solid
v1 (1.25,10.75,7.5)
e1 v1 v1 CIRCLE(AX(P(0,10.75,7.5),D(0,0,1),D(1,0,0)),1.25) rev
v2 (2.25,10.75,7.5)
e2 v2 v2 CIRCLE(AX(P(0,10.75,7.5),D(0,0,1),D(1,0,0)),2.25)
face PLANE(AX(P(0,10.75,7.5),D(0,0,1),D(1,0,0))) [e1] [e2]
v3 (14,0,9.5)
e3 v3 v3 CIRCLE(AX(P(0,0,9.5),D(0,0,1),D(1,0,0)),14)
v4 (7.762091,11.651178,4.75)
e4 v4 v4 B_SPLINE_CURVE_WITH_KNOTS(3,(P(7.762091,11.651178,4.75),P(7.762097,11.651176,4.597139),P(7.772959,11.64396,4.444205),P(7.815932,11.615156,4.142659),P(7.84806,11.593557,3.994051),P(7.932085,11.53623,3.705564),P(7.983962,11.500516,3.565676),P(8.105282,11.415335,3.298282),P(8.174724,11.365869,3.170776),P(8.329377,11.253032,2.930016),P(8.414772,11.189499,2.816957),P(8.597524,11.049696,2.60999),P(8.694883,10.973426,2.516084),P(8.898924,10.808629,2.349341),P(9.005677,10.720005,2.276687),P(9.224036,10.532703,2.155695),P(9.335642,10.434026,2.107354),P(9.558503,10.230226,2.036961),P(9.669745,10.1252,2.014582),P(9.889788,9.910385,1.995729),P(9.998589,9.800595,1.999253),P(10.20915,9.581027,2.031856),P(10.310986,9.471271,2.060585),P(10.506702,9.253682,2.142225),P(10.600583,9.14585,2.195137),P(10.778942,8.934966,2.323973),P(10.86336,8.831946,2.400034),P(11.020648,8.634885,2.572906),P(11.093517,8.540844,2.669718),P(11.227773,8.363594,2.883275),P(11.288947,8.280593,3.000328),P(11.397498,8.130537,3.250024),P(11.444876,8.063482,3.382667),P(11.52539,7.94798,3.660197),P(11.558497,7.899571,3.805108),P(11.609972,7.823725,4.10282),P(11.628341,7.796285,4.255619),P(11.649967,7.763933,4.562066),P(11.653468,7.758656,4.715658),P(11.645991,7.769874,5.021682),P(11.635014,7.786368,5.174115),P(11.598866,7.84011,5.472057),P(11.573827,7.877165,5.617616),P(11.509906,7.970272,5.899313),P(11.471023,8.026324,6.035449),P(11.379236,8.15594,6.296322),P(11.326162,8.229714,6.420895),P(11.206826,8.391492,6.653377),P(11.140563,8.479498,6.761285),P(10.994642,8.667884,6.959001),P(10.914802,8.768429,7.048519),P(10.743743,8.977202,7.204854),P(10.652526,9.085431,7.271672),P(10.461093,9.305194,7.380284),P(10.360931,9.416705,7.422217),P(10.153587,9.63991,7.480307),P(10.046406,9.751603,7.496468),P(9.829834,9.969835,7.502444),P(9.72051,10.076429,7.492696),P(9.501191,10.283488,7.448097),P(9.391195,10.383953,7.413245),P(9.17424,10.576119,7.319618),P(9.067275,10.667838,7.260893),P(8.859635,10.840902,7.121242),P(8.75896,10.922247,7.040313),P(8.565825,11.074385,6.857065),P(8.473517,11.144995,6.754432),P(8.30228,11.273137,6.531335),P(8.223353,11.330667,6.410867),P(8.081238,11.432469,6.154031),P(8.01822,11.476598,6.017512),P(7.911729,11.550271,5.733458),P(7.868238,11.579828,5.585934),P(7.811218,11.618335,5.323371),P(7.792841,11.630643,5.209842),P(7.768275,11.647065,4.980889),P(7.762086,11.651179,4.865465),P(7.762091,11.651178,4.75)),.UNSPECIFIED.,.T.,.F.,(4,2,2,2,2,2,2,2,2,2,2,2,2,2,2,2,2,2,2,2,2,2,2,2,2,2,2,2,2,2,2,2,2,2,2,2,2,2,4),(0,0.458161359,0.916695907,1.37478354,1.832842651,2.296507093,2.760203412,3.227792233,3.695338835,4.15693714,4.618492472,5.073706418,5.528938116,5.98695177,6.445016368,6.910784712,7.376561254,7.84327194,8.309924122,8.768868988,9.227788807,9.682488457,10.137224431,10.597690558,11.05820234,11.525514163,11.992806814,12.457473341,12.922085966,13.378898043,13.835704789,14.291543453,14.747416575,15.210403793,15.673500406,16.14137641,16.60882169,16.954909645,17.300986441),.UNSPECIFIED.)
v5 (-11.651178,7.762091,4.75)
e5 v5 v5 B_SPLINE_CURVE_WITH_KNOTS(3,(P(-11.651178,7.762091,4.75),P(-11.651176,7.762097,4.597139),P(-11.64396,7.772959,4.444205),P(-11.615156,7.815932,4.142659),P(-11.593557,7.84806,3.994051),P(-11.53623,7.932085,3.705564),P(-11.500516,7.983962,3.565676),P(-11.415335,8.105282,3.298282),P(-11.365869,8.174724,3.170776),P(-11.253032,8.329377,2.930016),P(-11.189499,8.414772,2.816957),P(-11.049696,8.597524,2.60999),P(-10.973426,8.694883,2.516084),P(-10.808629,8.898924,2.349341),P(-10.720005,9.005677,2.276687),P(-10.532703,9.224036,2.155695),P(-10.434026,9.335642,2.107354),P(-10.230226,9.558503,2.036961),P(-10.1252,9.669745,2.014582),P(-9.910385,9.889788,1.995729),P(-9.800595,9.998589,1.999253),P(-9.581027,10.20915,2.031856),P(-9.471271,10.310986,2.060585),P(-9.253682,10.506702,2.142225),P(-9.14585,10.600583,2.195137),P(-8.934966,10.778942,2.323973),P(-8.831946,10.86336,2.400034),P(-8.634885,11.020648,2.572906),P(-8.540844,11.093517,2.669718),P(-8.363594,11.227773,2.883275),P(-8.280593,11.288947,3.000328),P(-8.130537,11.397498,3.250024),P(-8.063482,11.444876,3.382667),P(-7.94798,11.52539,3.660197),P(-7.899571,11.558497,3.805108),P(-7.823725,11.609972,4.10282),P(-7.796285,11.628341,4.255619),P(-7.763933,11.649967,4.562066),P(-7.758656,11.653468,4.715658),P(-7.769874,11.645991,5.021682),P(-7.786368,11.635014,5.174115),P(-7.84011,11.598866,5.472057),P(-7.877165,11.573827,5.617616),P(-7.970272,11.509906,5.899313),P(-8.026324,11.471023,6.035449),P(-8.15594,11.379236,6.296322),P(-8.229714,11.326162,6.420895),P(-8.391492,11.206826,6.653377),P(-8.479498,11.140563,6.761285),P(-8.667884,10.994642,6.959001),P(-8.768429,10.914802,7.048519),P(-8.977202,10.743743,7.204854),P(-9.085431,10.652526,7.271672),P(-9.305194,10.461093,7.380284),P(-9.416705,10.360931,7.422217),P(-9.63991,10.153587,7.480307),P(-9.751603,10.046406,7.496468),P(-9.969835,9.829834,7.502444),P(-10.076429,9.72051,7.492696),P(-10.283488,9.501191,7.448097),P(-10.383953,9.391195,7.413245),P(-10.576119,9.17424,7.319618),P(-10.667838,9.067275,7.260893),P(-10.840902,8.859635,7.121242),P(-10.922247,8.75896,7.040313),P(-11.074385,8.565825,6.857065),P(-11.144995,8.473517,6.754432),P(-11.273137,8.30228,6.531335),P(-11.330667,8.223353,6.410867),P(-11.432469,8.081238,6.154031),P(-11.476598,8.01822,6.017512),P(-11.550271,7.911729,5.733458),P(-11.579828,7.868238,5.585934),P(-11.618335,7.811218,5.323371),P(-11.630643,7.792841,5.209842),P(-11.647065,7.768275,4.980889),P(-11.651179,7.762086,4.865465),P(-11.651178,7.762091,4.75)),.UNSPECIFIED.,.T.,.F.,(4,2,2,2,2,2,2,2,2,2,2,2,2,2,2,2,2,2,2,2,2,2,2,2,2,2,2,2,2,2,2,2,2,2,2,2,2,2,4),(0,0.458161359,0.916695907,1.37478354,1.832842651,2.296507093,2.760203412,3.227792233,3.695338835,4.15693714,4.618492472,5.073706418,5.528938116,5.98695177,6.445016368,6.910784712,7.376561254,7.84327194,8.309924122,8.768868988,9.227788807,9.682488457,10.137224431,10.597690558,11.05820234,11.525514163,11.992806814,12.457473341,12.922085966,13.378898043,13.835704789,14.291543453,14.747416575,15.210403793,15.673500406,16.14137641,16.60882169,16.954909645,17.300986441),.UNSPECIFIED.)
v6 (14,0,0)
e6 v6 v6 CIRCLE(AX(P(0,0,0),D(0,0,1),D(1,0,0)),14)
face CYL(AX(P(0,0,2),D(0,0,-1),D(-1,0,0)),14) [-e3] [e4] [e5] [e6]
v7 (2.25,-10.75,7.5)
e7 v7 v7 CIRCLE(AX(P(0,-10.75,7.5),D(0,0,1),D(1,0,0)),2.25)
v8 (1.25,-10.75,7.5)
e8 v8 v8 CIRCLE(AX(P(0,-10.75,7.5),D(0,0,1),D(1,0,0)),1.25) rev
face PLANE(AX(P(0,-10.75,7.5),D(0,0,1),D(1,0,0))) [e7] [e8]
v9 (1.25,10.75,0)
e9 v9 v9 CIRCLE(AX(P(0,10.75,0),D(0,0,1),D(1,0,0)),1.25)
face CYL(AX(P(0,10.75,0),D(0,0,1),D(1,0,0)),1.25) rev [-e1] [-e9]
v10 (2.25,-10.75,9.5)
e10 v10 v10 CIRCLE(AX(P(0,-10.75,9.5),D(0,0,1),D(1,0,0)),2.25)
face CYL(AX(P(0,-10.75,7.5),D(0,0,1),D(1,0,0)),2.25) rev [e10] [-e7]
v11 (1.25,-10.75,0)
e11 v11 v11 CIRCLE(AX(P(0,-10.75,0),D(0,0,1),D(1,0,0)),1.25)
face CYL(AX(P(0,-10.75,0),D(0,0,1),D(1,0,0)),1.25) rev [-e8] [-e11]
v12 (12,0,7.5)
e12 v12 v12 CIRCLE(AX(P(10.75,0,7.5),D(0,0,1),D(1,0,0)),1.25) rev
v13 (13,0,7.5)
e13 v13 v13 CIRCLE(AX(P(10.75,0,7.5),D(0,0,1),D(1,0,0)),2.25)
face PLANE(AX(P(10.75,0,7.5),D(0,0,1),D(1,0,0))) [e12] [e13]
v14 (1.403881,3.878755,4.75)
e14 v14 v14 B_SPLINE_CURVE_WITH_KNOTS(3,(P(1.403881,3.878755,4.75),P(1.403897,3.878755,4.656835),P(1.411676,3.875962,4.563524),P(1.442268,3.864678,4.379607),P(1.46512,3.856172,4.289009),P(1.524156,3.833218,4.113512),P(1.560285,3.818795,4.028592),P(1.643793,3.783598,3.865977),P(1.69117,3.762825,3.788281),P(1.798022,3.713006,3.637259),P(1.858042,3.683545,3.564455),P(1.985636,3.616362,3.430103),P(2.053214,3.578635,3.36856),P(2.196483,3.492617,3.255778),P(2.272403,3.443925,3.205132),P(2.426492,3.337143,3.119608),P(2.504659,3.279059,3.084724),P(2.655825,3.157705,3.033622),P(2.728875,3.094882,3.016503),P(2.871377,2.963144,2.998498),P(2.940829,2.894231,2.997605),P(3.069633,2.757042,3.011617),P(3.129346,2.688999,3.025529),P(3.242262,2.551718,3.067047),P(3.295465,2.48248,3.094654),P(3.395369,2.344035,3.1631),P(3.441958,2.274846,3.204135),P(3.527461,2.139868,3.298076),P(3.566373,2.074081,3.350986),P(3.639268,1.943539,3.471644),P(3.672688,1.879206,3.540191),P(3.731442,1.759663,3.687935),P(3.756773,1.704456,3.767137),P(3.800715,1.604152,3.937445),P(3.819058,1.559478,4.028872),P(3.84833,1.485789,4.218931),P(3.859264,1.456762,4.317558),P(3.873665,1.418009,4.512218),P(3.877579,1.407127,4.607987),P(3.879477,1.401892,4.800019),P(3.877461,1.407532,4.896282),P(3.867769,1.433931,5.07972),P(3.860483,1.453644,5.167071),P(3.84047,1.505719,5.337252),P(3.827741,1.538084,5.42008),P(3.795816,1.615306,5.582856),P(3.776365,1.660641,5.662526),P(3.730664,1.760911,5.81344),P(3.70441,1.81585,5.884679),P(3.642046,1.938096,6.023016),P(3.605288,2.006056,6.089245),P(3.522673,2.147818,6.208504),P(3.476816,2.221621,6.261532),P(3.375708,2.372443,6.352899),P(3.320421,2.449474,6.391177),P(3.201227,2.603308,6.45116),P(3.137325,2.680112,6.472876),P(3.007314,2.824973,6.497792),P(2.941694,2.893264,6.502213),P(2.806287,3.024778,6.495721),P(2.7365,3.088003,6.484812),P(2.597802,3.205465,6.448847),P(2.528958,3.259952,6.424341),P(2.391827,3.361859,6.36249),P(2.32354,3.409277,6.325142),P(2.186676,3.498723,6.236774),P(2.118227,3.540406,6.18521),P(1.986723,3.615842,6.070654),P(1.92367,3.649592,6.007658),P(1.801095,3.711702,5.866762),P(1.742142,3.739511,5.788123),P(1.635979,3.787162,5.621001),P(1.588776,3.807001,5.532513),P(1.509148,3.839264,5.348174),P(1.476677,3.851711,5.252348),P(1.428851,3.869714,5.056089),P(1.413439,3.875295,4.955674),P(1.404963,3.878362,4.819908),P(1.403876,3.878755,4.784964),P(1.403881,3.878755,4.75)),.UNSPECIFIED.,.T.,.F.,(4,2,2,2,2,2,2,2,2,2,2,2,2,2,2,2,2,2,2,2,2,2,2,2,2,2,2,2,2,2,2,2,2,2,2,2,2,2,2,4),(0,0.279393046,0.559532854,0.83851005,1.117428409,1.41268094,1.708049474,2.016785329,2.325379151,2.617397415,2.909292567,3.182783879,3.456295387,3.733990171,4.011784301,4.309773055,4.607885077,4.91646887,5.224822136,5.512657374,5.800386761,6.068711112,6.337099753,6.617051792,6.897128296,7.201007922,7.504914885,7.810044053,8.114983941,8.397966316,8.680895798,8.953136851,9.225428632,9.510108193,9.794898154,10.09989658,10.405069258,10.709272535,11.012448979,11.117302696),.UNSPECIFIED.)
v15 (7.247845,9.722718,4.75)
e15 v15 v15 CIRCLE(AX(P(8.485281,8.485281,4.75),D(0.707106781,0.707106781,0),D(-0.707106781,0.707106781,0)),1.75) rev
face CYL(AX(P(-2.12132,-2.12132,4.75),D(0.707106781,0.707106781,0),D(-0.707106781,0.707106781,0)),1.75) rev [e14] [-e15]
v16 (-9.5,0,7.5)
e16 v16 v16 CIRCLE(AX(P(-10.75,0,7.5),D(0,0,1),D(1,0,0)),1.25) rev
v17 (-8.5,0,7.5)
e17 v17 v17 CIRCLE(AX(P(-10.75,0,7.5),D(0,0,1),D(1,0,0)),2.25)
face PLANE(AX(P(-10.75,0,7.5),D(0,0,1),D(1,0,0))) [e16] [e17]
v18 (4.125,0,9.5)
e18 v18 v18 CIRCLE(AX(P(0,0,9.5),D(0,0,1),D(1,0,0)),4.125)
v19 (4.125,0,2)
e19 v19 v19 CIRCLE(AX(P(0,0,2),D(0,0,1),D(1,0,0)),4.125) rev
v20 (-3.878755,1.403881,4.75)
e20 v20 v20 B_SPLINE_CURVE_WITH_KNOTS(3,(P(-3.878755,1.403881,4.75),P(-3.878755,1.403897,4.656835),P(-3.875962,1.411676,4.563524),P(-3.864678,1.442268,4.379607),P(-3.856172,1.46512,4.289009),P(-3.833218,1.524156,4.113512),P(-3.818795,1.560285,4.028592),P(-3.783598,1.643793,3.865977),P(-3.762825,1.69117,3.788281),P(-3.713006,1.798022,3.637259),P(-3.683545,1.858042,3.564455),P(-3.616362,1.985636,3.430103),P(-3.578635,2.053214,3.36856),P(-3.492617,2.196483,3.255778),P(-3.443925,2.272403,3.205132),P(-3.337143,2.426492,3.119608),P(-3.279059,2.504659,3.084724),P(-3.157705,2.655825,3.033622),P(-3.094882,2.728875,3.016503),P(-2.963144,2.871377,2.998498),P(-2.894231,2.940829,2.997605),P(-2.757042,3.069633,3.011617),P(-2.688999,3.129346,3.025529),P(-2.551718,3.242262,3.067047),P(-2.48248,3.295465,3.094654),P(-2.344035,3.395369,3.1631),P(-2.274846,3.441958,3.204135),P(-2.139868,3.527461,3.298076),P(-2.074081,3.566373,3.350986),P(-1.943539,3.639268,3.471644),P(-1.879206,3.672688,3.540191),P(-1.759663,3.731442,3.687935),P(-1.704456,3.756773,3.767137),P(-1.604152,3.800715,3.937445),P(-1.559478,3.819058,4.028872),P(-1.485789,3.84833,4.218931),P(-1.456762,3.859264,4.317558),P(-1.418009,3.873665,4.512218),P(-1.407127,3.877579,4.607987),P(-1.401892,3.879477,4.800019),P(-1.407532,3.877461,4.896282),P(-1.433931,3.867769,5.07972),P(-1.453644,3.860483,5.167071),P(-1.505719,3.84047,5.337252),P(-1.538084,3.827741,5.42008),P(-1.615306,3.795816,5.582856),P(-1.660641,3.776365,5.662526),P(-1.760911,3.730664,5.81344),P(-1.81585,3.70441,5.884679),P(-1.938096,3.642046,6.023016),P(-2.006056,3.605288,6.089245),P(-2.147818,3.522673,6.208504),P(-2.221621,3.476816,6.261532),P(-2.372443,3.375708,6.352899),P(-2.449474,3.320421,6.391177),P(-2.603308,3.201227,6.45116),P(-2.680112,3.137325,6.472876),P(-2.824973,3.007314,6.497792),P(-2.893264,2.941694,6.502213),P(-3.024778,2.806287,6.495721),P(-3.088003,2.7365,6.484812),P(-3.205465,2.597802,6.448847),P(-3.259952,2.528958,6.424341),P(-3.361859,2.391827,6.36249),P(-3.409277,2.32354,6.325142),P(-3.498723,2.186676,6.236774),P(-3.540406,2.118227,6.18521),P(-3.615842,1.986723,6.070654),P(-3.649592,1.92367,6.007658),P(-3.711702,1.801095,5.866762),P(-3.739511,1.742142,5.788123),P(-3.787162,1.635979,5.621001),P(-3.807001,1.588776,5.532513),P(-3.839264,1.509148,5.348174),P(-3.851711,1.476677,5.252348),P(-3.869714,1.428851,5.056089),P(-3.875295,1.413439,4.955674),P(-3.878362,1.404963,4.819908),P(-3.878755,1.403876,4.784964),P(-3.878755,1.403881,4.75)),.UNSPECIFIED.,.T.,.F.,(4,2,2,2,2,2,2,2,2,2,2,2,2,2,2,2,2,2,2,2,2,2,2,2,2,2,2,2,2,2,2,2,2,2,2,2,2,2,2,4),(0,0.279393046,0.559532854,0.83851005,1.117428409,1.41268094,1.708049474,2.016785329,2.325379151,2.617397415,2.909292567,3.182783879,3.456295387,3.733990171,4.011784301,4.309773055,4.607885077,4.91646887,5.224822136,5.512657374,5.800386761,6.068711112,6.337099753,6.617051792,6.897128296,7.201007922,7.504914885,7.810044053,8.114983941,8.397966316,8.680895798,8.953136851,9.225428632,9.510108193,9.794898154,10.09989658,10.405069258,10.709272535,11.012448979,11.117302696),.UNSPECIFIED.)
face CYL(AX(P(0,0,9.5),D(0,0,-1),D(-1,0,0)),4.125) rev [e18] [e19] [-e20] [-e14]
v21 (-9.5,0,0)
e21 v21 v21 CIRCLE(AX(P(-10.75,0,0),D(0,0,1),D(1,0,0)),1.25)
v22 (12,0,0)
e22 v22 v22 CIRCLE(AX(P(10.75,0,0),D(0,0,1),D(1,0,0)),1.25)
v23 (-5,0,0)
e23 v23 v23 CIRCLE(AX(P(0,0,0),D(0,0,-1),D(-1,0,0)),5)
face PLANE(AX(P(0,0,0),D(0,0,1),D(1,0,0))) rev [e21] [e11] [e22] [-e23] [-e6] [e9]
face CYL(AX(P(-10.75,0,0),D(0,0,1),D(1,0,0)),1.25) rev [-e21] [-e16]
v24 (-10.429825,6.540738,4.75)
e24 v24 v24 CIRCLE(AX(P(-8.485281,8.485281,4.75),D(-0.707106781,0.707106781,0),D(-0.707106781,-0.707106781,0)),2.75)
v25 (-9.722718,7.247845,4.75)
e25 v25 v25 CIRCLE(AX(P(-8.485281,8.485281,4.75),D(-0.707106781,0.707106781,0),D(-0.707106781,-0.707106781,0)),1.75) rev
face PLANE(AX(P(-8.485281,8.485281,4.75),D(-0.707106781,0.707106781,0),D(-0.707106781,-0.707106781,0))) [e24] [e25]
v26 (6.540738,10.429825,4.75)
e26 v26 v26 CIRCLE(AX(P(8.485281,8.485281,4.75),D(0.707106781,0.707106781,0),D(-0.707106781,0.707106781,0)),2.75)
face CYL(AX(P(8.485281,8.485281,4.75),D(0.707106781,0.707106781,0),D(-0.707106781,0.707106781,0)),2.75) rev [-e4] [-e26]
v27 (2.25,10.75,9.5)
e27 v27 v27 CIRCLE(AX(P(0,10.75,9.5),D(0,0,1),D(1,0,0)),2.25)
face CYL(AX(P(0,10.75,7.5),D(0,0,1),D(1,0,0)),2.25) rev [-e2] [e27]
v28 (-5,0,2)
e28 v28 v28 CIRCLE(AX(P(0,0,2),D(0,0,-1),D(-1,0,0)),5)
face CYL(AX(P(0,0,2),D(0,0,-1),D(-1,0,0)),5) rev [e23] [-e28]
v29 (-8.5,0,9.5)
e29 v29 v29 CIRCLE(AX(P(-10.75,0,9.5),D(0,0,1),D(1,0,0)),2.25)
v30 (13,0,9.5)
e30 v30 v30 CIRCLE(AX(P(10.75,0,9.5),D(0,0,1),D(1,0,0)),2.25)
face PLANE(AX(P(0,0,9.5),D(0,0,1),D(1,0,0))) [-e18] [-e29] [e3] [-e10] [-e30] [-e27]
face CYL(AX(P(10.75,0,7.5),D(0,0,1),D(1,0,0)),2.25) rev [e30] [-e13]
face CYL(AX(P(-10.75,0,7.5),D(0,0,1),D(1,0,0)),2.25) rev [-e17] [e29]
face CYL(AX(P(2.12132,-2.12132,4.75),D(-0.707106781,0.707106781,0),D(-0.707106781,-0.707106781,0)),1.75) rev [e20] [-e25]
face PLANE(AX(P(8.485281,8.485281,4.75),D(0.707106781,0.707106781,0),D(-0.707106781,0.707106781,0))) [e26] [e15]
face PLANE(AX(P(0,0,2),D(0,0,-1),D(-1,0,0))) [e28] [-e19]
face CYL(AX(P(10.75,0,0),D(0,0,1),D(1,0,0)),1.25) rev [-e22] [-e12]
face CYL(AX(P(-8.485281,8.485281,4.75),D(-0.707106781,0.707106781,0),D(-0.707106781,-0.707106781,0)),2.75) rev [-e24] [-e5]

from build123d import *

# Parameters (mm, degrees)
SKETCH1_R           = 14
BOSS_EXTRUDE1_DEPTH = 2
SKETCH2_R           = 14
SKETCH2_R_2         = 4.125
BOSS_EXTRUDE2_DEPTH = 7.5
SKETCH3_R           = 5
CUT_EXTRUDE1_DEPTH  = 2
SKETCH5_R           = 1.25
CUT_EXTRUDE2_DEPTH  = 22.960191256
SKETCH7_R           = 1.75
CUT_EXTRUDE3_DEPTH  = 17
SKETCH9_R           = 1.75
CUT_EXTRUDE4_DEPTH  = 17
SKETCH10_R          = 2.25
CUT_EXTRUDE5_DEPTH  = 2
SKETCH11_R          = 2.75
CUT_EXTRUDE6_DEPTH  = 2
SKETCH12_R          = 2.75
CUT_EXTRUDE7_DEPTH  = 2


with BuildPart() as part:
    # Sketch1 → Boss-Extrude1 (new body)
    with BuildSketch(Plane.XY):
        Circle(SKETCH1_R)
    extrude(amount=BOSS_EXTRUDE1_DEPTH)

    # Sketch2 → Boss-Extrude2 (add)
    with BuildSketch(Plane.XY.offset(2)):
        Circle(SKETCH2_R)
        Circle(SKETCH2_R_2, mode=Mode.SUBTRACT)
    extrude(amount=BOSS_EXTRUDE2_DEPTH)

    # Sketch3 → Cut-Extrude1 (cut)
    with BuildSketch(Plane(origin=(0, 0, 0), x_dir=(-1, 0, 0), z_dir=(0, 0, -1))):
        Circle(SKETCH3_R)
    extrude(amount=-CUT_EXTRUDE1_DEPTH, mode=Mode.SUBTRACT)

    # Sketch5 → Cut-Extrude2 (cut, through all)
    with BuildSketch(Plane.XY.offset(9.5)):
        with Locations((0, 10.75)):
            Circle(SKETCH5_R)
        with Locations((10.75, 0)):
            Circle(SKETCH5_R)
        with Locations((0, -10.75)):
            Circle(SKETCH5_R)
        with Locations((-10.75, 0)):
            Circle(SKETCH5_R)
    extrude(amount=-CUT_EXTRUDE2_DEPTH, mode=Mode.SUBTRACT)

    # Sketch7 → Cut-Extrude3 (cut)
    with BuildSketch(Plane(origin=(9.899494937, 9.899494937, 0), x_dir=(0.7071067811865489, -0.7071067811865461, 0), z_dir=(0.7071067811865461, 0.7071067811865489, 0))):
        with Locations((0, -4.75)):
            Circle(SKETCH7_R)
    extrude(amount=-CUT_EXTRUDE3_DEPTH, mode=Mode.SUBTRACT)

    # Sketch9 → Cut-Extrude4 (cut)
    with BuildSketch(Plane(origin=(-9.899494937, 9.899494937, 0), x_dir=(0, 0, 1), z_dir=(-0.7071067811865489, 0.7071067811865462, 0))):
        with Locations((4.75, 0)):
            Circle(SKETCH9_R)
    extrude(amount=-CUT_EXTRUDE4_DEPTH, mode=Mode.SUBTRACT)

    # Sketch10 → Cut-Extrude5 (cut)
    with BuildSketch(Plane.XY.offset(9.5)):
        with Locations((0, 10.75)):
            Circle(SKETCH10_R)
        with Locations((10.75, 0)):
            Circle(SKETCH10_R)
        with Locations((0, -10.75)):
            Circle(SKETCH10_R)
        with Locations((-10.75, 0)):
            Circle(SKETCH10_R)
    extrude(amount=-CUT_EXTRUDE5_DEPTH, mode=Mode.SUBTRACT)

    # Sketch11 → Cut-Extrude6 (cut)
    with BuildSketch(Plane(origin=(9.899494937, 9.899494937, 0), x_dir=(0.7071067811865489, -0.7071067811865461, 0), z_dir=(0.7071067811865461, 0.7071067811865489, 0))):
        with Locations((0, -4.75)):
            Circle(SKETCH11_R)
    extrude(amount=-CUT_EXTRUDE6_DEPTH, mode=Mode.SUBTRACT)

    # Sketch12 → Cut-Extrude7 (cut)
    with BuildSketch(Plane(origin=(-9.899494937, 9.899494937, 0), x_dir=(0, 0, 1), z_dir=(-0.7071067811865489, 0.7071067811865462, 0))):
        with Locations((4.75, 0)):
            Circle(SKETCH12_R)
    extrude(amount=-CUT_EXTRUDE7_DEPTH, mode=Mode.SUBTRACT)


solid = part.part
